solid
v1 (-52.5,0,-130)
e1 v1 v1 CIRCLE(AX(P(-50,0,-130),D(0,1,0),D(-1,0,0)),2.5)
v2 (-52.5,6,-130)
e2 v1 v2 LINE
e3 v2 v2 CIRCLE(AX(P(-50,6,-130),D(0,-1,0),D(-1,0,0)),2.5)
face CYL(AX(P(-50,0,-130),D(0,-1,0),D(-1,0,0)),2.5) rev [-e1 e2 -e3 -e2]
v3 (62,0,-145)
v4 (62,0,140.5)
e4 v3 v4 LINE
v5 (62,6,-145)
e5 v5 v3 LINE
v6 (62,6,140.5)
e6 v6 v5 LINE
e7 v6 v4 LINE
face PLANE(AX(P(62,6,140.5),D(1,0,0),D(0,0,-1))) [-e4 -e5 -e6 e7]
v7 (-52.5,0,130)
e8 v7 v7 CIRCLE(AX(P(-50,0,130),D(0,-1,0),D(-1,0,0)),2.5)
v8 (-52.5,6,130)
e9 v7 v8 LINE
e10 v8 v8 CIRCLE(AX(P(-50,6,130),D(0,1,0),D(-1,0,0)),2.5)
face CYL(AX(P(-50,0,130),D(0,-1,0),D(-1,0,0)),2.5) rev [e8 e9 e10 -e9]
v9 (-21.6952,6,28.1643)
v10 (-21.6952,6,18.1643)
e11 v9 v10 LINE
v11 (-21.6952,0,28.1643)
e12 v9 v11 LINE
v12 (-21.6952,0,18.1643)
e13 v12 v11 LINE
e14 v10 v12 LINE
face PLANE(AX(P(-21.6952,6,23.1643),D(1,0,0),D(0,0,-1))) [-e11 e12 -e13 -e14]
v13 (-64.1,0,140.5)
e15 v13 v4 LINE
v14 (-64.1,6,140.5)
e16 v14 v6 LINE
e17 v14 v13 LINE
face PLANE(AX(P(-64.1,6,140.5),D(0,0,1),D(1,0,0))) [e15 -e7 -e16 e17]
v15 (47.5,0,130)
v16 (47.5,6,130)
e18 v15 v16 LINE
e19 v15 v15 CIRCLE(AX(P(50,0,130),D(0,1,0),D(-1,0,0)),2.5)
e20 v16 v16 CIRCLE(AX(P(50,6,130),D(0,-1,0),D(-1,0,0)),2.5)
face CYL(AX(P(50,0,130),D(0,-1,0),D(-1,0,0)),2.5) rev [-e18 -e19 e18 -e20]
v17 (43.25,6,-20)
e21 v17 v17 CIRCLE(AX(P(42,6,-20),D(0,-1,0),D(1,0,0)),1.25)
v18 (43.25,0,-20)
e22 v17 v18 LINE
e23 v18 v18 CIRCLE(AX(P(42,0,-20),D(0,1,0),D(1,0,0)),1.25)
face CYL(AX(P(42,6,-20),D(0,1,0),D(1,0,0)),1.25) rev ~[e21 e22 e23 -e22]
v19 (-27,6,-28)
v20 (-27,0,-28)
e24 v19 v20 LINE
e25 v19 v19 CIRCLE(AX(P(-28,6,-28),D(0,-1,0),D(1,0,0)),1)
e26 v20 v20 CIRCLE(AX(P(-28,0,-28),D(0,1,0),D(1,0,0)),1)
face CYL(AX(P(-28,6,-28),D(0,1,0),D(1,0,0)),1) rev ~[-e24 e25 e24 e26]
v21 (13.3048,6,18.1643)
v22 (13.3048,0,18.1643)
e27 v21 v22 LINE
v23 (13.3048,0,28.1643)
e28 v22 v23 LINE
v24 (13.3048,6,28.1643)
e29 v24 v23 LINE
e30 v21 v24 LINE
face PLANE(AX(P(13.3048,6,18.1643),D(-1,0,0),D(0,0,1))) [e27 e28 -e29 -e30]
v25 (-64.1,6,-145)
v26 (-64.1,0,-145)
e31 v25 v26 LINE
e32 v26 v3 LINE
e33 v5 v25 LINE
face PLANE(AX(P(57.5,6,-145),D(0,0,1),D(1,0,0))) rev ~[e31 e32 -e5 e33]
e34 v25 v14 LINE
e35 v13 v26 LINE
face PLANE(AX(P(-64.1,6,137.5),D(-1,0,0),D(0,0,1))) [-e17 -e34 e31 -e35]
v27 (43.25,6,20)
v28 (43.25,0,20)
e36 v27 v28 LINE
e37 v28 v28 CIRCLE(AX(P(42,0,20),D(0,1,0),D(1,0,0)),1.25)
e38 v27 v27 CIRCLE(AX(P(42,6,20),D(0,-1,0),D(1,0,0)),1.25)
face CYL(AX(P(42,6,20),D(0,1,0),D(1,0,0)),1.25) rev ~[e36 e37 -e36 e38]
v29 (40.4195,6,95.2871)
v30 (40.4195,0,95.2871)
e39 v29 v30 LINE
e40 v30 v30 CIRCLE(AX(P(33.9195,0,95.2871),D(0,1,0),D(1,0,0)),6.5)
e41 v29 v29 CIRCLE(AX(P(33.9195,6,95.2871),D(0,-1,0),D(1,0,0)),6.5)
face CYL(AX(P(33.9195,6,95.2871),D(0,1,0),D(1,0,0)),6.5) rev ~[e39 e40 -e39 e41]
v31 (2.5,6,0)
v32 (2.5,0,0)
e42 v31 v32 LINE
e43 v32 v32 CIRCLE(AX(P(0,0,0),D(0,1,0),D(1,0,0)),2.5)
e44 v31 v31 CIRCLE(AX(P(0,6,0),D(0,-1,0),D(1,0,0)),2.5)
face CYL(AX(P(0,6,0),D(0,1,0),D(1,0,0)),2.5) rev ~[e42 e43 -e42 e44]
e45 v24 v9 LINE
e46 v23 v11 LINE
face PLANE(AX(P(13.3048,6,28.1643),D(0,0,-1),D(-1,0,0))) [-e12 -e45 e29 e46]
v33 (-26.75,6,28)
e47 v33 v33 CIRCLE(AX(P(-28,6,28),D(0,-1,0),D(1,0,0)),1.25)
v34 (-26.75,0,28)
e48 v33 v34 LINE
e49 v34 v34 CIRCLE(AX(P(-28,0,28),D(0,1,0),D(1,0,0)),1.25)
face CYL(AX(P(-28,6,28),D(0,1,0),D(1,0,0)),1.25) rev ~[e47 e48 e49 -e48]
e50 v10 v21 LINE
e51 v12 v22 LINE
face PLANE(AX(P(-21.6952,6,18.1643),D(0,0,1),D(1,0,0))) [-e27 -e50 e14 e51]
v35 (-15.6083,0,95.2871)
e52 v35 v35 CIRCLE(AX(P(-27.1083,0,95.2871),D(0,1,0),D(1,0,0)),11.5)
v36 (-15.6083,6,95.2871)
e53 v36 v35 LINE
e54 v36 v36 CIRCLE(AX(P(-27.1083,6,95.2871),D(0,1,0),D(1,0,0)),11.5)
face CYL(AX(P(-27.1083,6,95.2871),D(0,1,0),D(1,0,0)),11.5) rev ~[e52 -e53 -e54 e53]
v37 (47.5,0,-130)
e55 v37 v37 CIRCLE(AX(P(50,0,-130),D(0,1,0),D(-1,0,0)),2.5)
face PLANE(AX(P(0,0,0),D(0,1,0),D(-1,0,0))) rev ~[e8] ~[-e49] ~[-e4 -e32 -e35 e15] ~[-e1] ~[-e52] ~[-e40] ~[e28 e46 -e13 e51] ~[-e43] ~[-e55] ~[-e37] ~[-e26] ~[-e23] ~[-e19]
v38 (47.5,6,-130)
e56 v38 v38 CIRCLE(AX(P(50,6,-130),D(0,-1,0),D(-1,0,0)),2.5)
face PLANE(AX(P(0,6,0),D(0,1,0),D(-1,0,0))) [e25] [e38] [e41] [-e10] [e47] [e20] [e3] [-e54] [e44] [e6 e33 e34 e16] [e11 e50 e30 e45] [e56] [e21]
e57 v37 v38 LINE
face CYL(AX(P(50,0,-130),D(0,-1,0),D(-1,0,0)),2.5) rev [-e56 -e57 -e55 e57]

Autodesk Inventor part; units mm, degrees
ref_plane "YZ Plane" through (0, 0, 0) normal (1, 0, 0) x (0, 1, 0)
ref_plane "XZ Plane" through (0, 0, 0) normal (0, 1, 0) x (-1, 0, 0)
ref_plane "XY Plane" through (0, 0, 0) normal (0, 0, 1) x (1, 0, 0)
sketch "Sketch1" plane through (0, 0, 0) normal (0, 1, 0) x (-1, 0, 0)
  line L0 (50, 130) -> (-50, 130)
  line L1 (-50, 130) -> (-50, -130)
  line L2 (-50, -130) -> (50, -130)
  line L3 (50, -130) -> (50, 130)
  line L4 (50, 130) -> (-50, -130) construction
  line L5 (-50, 130) -> (50, -130) construction
  line L6 (57.5, 137.5) -> (-57.5, 137.5)
  line L7 (-57.5, 137.5) -> (-57.5, -137.5)
  line L8 (-57.5, -137.5) -> (57.5, -137.5)
  line L9 (57.5, -137.5) -> (57.5, 137.5)
  line L10 (57.5, 137.5) -> (-57.5, -137.5) construction
  line L11 (-57.5, 137.5) -> (57.5, -137.5) construction
  circle A0 centre (50, 130) radius 2.5
  circle A1 centre (-50, 130) radius 2.5
  circle A2 centre (-50, -130) radius 2.5
  circle A3 centre (50, -130) radius 2.5
  point P0 (0, 0)
  dimension "d0" = 100
  dimension "d1" = 260
  dimension "d2" = 115
  dimension "d3" = 275
  dimension "d4" = 5
  dimension "d5" = 5
  dimension "d6" = 5
  dimension "d7" = 5
extrude "Extrusion1" add sketch "Sketch1" along normal blind 6 contours L0 A0 L3 A3 L2 A2 L1 A1 | L9 L8 L7 L6
sketch "Sketch2" plane through (0, 6, 0) normal (0, 1, 0) x (1, 0, 0)
  circle A0 centre (0, 0) radius 2.5
  line L0 (0, 0) -> (42, 0)
  line L1 (42, 0) -> (0, 0)
  line L2 (0, 0) -> (-28, 0)
  line L3 (-28, 0) -> (-28, 28)
  line L4 (-28, 28) -> (-28, -28)
  line L5 (42, 0) -> (42, 20)
  line L6 (42, 20) -> (42, -20)
  circle A1 centre (-28, -28) radius 1.25
  circle A2 centre (-28, 28) radius 1
  circle A3 centre (42, 20) radius 1.25
  circle A4 centre (42, -20) radius 1.25
  line L7 (-21.6952, -23.1643) -> (-21.6952, -28.1643)
  line L8 (-21.6952, -28.1643) -> (-21.6952, -23.1643)
  line L9 (-21.6952, -23.1643) -> (-21.6952, -18.1643)
  line L10 (-21.6952, -18.1643) -> (13.3048, -18.1643)
  line L11 (13.3048, -18.1643) -> (13.3048, -28.1643)
  line L12 (13.3048, -28.1643) -> (-21.6952, -28.1643)
  dimension "d10" = 5
  dimension "d11" = 42
  dimension "d12" = 42
  dimension "d13" = 28
  dimension "d14" = 28
  dimension "d15" = 56
  dimension "d16" = 20
  dimension "d17" = 40
  dimension "d18" = 2.5
  dimension "d19" = 2
  dimension "d20" = 2.5
  dimension "d21" = 2.5
  dimension "d22" = 5
  dimension "d23" = 5
  dimension "d24" = 5
  dimension "d25" = 35
extrude "Extrusion2" cut sketch "Sketch2" against normal blind 6
sketch "Sketch3" plane through (0, 6, 0) normal (0, 1, 0) x (1, 0, 0)
  point P0 (0, 0)
sketch "Sketch4" plane through (0, 6, 0) normal (0, 1, 0) x (1, 0, 0)
  line L0 (-57.5, 137.5) -> (-57.5, -137.5) projected
  line L1 (-57.5, -137.5) -> (-57.5, 0)
  line L2 (-21.6952, -18.1643) -> (-21.6952, -28.1643) projected
  line L3 (-21.6952, -28.1643) -> (-75.3295, -28.1643)
  line L4 (-75.3295, -28.1643) -> (-57.5, -28.1643)
  line L5 (-57.5, -137.5) -> (-57.5, -28.1643)
  line L6 (-57.5, -28.1643) -> (-57.5, -82.8322)
  line L7 (-57.5, -82.8322) -> (-27.1083, -82.8322)
  line L8 (-27.1083, -82.8322) -> (0, -82.8322)
  line L9 (0, -82.8322) -> (72.7953, -82.8322)
  line L10 (72.7953, -82.8322) -> (0, -82.8322)
  line L11 (0, -95.2871) -> (0, -82.8322)
  line L12 (0, -95.2871) -> (-27.1083, -95.2871)
  line L13 (-27.1083, -95.2871) -> (0, -95.2871)
  line L14 (33.9195, -95.2871) -> (0, -95.2871)
  circle A0 centre (-27.1083, -95.2871) radius 11.5
  circle A1 centre (33.9195, -95.2871) radius 6.5
  point P0 (0, 0)
  dimension "d28" = 23
  dimension "d29" = 13
extrude "Extrusion3" cut sketch "Sketch4" against normal blind 10
sketch "Sketch5" plane through (0, 6, 0) normal (0, 1, 0) x (1, 0, 0)
  line L0 (-57.5, -137.5) -> (57.5, -137.5) projected
  line L1 (-57.5, -137.5) -> (-64.1, -137.5)
  line L2 (57.5, 137.5) -> (-57.5, 137.5) projected
  line L3 (-57.5, 137.5) -> (-64.1, 137.5)
  line L4 (-64.1, 137.5) -> (-64.1, -137.5)
  line L5 (-64.1, 137.5) -> (-64.1, 145)
  line L6 (-64.1, 145) -> (57.5, 145)
  line L7 (57.5, 145) -> (57.5, 137.5)
  line L8 (57.5, 145) -> (62, 145)
  line L9 (62, 145) -> (62, -137.5)
  line L10 (57.5, -137.5) -> (57.5, 137.5) projected
  line L11 (62, -137.5) -> (57.5, -137.5)
  line L12 (-64.1, -137.5) -> (-64.1, -140.5)
  line L13 (-64.1, -140.5) -> (62, -140.5)
  line L14 (62, -140.5) -> (62, -137.5)
  line L15 (-57.5, -137.5) -> (-57.5, 137.5)
  line L16 (57.5, 137.5) -> (57.5, -137.5)
  point P0 (0, 0)
  dimension "d32" = 6.6
  dimension "d33" = 6.6
  dimension "d34" = 7.5
  dimension "d35" = 4.5
  dimension "d36" = 3
extrude "Extrusion4" add sketch "Sketch5" against normal blind 6 contours L0 L11 L14 L13 L12 L1 | L1 L4 L3 L15 | L10 L7 L8 L9 L11 | L3 L5 L6 L7 L2
properties part number "platform_plate" material "Acrylic"
